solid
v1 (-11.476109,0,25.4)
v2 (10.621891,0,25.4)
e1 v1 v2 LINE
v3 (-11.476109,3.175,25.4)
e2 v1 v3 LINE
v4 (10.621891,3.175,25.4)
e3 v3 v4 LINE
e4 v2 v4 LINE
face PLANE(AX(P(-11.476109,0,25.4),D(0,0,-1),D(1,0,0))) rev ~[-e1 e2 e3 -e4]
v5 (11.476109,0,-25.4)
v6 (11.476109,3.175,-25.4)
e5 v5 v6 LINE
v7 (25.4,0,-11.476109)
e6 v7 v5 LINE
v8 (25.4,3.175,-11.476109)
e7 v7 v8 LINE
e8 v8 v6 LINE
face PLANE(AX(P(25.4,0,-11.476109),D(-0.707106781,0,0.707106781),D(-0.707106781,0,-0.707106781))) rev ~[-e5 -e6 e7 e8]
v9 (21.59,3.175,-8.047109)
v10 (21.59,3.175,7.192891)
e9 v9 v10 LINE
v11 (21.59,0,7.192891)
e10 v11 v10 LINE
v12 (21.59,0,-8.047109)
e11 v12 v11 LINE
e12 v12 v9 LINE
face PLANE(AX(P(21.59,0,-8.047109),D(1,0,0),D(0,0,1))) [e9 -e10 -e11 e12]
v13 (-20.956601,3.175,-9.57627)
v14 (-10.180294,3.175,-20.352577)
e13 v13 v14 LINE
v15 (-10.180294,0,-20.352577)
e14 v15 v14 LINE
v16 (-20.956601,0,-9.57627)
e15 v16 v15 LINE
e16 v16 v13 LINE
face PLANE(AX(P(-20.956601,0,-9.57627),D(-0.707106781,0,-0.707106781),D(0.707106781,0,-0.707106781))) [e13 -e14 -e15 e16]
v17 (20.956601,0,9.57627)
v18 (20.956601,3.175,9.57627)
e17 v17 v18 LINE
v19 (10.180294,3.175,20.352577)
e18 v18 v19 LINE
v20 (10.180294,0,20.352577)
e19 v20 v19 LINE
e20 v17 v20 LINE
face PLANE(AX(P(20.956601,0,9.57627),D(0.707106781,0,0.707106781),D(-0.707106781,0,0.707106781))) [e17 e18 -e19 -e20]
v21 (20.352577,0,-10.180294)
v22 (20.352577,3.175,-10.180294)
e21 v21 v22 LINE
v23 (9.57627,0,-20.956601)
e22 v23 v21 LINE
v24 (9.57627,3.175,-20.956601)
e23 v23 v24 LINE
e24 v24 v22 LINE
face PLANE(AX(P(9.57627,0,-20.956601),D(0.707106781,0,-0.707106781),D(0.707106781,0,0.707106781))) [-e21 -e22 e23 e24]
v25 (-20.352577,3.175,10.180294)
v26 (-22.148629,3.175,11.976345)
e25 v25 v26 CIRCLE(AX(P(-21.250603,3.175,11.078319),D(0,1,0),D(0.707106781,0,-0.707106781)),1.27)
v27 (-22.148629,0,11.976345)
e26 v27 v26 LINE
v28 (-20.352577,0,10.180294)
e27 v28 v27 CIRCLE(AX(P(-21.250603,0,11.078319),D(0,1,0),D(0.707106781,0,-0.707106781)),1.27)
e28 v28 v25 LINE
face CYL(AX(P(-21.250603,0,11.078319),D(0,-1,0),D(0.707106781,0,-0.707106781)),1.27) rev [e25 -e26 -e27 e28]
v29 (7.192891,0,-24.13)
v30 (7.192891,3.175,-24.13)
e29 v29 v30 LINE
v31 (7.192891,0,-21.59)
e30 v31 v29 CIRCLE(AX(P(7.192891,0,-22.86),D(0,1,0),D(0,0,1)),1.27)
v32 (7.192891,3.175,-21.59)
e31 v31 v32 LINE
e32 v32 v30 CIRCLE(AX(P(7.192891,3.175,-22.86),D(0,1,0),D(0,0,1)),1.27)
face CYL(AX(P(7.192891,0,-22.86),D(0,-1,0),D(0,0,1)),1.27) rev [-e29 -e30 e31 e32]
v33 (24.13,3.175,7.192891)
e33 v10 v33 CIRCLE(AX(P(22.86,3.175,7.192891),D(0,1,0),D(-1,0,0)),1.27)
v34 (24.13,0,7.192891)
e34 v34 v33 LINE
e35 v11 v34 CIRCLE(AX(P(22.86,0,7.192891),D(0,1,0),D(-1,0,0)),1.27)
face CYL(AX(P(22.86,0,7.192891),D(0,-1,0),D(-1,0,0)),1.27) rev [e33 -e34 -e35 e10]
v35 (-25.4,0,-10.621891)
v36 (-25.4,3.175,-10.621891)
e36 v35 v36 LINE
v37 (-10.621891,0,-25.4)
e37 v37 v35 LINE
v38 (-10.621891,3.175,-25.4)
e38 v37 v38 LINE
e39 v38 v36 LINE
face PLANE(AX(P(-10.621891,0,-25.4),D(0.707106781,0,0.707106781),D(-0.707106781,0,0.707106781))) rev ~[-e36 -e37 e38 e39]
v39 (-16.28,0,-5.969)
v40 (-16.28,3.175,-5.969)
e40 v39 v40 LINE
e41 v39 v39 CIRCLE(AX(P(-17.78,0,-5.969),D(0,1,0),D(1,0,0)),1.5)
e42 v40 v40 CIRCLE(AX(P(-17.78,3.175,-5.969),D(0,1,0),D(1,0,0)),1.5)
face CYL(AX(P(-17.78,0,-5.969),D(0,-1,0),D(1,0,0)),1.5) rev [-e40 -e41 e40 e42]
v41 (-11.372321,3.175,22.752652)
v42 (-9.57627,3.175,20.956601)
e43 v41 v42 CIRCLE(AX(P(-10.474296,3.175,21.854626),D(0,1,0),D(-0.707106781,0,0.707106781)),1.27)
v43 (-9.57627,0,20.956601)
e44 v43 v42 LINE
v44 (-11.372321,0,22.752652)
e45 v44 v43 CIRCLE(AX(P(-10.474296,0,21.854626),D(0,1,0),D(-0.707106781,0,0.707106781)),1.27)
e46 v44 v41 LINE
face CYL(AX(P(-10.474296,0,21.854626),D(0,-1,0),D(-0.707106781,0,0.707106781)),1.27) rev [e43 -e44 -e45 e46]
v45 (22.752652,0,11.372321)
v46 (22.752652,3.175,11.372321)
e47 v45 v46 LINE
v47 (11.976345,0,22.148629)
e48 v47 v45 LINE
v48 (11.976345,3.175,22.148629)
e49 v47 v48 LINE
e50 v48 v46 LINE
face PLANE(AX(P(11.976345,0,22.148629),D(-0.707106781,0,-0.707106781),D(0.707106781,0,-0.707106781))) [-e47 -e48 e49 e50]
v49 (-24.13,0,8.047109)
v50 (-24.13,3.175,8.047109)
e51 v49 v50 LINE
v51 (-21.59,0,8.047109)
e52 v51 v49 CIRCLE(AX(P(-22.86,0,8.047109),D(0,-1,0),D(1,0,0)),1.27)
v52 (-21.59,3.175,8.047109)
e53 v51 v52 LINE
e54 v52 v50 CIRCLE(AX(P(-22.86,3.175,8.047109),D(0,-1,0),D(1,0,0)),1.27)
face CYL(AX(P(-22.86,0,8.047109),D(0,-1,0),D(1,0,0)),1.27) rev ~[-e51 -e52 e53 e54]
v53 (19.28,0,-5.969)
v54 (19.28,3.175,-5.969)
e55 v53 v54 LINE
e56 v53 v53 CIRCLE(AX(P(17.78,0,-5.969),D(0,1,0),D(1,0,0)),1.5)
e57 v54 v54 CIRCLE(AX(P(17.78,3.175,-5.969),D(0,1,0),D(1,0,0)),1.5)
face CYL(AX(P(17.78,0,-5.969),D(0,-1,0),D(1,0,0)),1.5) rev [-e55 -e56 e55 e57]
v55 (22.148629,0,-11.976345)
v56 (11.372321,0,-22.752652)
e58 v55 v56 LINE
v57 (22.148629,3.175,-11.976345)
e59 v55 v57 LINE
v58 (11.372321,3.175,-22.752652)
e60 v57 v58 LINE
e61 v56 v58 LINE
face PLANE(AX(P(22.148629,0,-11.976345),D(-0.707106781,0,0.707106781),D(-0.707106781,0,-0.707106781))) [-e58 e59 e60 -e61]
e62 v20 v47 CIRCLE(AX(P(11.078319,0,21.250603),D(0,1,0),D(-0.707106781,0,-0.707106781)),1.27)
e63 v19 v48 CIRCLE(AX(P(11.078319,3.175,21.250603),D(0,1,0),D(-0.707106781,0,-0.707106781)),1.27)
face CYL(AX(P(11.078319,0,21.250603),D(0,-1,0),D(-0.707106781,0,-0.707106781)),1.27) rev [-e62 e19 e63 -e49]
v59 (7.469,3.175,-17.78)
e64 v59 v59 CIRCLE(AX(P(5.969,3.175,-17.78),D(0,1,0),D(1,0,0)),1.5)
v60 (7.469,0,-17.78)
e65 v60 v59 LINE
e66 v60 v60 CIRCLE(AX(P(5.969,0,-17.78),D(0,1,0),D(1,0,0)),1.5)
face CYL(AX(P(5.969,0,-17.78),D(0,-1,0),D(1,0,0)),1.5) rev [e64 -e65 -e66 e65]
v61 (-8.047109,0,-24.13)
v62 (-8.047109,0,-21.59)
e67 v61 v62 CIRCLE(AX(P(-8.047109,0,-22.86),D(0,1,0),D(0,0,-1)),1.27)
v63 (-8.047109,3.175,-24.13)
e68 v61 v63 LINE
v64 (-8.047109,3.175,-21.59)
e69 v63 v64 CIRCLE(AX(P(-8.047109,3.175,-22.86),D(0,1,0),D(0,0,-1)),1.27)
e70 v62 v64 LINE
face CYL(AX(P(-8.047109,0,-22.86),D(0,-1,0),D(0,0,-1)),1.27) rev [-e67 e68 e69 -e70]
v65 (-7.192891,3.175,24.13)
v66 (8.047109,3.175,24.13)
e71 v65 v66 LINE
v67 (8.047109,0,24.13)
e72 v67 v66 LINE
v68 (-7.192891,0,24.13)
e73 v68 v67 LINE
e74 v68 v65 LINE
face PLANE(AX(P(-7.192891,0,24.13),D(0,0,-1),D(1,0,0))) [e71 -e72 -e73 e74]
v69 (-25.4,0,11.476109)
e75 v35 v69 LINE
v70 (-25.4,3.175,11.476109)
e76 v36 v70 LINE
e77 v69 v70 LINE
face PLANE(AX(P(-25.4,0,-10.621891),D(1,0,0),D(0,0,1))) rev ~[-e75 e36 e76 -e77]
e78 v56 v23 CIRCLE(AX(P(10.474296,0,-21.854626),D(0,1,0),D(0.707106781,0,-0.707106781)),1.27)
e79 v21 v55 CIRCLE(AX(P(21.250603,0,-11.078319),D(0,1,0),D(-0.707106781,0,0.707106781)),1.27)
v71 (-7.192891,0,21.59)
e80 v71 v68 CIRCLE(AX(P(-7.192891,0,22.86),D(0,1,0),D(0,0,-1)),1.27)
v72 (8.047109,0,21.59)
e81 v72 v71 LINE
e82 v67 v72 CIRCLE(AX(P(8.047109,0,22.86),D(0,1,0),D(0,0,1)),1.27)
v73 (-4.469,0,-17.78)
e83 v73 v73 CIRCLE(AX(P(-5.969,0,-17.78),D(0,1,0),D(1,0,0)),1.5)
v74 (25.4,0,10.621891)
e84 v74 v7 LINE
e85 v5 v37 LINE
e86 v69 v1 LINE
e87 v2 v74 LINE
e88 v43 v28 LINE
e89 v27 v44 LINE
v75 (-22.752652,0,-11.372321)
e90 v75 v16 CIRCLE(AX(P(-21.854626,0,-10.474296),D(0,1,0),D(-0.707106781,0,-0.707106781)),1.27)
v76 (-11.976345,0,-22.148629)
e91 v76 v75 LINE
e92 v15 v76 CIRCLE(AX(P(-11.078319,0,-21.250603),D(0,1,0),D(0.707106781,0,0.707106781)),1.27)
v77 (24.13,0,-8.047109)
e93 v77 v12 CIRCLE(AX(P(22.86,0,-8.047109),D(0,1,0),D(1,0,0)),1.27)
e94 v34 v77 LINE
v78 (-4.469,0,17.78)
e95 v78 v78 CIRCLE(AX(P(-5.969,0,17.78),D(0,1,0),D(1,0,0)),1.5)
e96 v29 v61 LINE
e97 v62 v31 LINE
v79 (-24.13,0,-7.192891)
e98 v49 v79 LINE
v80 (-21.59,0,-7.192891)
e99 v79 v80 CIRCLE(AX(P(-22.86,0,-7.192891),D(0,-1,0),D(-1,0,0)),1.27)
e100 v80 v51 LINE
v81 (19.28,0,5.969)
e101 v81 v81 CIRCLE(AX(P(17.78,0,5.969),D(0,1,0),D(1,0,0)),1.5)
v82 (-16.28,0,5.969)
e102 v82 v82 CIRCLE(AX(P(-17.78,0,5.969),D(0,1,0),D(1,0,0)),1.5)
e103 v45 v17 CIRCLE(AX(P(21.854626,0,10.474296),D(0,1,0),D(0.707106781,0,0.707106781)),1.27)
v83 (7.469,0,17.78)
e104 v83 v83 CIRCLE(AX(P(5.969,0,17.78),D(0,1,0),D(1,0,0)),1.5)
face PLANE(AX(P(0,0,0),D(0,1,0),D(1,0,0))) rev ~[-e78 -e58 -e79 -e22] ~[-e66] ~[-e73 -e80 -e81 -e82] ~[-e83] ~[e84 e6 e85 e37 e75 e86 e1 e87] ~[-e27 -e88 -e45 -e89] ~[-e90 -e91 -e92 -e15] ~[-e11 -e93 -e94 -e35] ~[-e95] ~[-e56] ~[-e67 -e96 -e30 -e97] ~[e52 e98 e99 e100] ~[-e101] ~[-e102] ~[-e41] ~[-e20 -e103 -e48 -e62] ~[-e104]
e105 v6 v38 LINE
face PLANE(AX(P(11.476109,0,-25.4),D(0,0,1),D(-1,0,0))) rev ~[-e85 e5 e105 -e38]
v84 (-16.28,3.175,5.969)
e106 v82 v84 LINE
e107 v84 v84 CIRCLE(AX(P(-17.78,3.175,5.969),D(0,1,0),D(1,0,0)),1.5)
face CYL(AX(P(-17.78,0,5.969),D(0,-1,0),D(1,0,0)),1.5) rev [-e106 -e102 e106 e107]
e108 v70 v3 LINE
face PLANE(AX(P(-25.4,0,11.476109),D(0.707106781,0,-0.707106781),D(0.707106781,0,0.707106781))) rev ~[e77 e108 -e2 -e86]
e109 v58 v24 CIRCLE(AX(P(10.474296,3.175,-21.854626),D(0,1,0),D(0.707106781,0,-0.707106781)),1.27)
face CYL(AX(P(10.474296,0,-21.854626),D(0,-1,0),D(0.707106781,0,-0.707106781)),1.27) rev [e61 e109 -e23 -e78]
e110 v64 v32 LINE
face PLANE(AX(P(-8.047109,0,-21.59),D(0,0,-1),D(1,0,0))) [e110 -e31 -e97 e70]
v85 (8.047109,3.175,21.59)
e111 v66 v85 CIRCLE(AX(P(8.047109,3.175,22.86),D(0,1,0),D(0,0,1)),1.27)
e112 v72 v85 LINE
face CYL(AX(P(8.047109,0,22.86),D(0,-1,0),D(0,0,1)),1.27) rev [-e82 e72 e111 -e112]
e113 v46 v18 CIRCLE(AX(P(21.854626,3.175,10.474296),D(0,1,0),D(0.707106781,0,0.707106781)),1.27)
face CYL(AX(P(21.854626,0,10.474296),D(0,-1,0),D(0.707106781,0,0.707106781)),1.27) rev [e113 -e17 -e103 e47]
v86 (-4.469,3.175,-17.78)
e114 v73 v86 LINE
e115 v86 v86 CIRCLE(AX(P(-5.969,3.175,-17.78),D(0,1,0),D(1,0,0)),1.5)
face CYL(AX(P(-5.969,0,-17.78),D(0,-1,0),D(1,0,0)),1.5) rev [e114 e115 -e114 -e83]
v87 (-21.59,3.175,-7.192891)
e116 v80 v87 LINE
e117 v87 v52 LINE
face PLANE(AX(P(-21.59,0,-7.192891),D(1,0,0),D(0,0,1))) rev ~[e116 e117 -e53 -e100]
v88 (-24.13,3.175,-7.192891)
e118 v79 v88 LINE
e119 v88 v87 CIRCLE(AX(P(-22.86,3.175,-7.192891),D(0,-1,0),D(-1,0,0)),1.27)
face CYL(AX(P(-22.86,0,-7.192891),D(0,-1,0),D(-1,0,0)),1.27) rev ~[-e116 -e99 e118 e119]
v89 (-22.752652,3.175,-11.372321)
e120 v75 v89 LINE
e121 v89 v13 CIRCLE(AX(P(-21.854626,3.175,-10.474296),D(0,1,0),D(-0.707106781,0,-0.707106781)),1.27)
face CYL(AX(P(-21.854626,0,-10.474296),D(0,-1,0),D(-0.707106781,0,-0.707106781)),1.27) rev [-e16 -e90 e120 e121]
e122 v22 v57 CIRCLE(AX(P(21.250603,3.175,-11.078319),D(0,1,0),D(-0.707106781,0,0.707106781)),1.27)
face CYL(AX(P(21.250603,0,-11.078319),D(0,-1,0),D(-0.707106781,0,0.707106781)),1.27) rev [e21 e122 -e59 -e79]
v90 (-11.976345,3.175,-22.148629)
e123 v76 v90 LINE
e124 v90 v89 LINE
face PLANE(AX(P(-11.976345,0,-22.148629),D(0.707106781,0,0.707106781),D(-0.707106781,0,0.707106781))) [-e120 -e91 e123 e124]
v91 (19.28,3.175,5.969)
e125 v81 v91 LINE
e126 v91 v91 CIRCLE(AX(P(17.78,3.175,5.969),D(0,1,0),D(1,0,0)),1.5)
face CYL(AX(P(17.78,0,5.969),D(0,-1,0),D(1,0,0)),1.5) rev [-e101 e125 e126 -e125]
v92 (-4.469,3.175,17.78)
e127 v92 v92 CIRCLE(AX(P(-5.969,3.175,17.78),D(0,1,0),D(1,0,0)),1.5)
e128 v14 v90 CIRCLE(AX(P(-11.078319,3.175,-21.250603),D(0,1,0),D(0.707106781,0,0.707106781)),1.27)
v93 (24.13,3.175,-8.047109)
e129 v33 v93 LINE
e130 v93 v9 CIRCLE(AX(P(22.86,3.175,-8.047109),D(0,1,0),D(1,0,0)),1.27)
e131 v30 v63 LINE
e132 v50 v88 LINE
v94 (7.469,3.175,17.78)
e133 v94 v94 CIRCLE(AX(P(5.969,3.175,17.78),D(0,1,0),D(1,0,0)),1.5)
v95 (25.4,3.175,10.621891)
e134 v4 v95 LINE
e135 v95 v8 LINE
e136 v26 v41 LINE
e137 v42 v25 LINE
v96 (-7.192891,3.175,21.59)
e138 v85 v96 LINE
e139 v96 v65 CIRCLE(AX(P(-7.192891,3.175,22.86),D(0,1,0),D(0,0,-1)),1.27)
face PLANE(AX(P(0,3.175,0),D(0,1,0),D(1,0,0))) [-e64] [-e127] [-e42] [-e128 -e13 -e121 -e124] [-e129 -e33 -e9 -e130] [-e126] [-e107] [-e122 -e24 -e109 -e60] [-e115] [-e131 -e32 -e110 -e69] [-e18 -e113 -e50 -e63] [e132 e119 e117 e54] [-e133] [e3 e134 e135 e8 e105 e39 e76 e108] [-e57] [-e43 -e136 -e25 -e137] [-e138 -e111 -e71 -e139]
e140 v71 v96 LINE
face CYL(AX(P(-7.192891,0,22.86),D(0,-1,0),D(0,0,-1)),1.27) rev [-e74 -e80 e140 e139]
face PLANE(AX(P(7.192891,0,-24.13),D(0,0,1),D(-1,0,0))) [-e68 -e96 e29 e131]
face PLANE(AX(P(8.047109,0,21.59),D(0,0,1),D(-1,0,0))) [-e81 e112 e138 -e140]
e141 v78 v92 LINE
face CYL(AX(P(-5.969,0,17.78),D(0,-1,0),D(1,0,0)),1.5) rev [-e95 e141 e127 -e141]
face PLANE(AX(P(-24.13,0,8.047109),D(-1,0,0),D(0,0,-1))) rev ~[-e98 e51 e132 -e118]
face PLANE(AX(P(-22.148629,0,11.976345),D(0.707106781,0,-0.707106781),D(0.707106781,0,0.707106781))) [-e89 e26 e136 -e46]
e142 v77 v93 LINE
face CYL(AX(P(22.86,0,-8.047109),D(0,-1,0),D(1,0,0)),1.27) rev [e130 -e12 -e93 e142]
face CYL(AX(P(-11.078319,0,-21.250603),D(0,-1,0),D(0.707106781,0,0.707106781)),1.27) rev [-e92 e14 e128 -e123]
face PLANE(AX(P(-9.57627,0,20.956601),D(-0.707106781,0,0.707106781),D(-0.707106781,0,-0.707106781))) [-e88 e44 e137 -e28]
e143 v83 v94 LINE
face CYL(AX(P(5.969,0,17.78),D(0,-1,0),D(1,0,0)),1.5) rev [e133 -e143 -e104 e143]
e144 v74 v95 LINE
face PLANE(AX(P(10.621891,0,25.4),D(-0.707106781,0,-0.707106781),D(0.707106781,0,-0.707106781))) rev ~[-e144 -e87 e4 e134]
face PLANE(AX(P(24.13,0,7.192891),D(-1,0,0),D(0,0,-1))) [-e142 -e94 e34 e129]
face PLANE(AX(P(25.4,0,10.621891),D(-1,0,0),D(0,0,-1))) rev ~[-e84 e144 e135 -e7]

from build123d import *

# Parameters (mm, degrees)
SKETCH1_R           = 1.5
BOSS_EXTRUDE1_DEPTH = 3.175


with BuildPart() as part:
    # Sketch1 → Boss-Extrude1 (new body)
    with BuildSketch(Plane(origin=(0, 0, 0), x_dir=(1, 0, 0), z_dir=(0, 1, 0))):
        Polygon((-25.4, 10.621890813), (-25.4, -11.476109187), (-11.476109187, -25.4), (10.621890813, -25.4), (25.4, -10.621890813), (25.4, 11.476109187), (11.476109187, 25.4), (-10.621890813, 25.4), align=None)
        with Locations((-17.78, 5.969)):
            Circle(SKETCH1_R, mode=Mode.SUBTRACT)
        with Locations((-17.78, -5.969)):
            Circle(SKETCH1_R, mode=Mode.SUBTRACT)
        with Locations((-5.969, 17.78)):
            Circle(SKETCH1_R, mode=Mode.SUBTRACT)
        with Locations((5.969, 17.78)):
            Circle(SKETCH1_R, mode=Mode.SUBTRACT)
        with Locations((17.78, 5.969)):
            Circle(SKETCH1_R, mode=Mode.SUBTRACT)
        with Locations((17.78, -5.969)):
            Circle(SKETCH1_R, mode=Mode.SUBTRACT)
        with Locations((5.969, -17.78)):
            Circle(SKETCH1_R, mode=Mode.SUBTRACT)
        with Locations((-5.969, -17.78)):
            Circle(SKETCH1_R, mode=Mode.SUBTRACT)
        with BuildLine():
            Line((-24.13, -8.047109187), (-24.13, 7.192890813))
            ThreePointArc((-24.13, 7.192890813), (-22.86, 8.462890813), (-21.59, 7.192890813))
            Line((-21.59, 7.192890813), (-21.59, -8.047109187))
            ThreePointArc((-21.59, -8.047109187), (-22.86, -9.317109187), (-24.13, -8.047109187))
        make_face(mode=Mode.SUBTRACT)
        with BuildLine():
            Line((-20.956600881, 9.576269931), (-10.180293536, 20.352577276))
            ThreePointArc((-10.180293536, 20.352577276), (-10.180293536, 22.1486285), (-11.97634476, 22.1486285))
            Line((-11.97634476, 22.1486285), (-22.752652105, 11.372321155))
            ThreePointArc((-22.752652105, 11.372321155), (-22.752652105, 9.576269931), (-20.956600881, 9.576269931))
        make_face(mode=Mode.SUBTRACT)
        with BuildLine():
            Line((-8.047109187, 21.59), (7.192890813, 21.59))
            ThreePointArc((7.192890813, 21.59), (8.462890813, 22.86), (7.192890813, 24.13))
            Line((7.192890813, 24.13), (-8.047109187, 24.13))
            ThreePointArc((-8.047109187, 24.13), (-9.317109187, 22.86), (-8.047109187, 21.59))
        make_face(mode=Mode.SUBTRACT)
        with BuildLine():
            Line((9.576269931, 20.956600881), (20.352577276, 10.180293536))
            ThreePointArc((20.352577276, 10.180293536), (22.1486285, 10.180293536), (22.1486285, 11.97634476))
            Line((22.1486285, 11.97634476), (11.372321155, 22.752652105))
            ThreePointArc((11.372321155, 22.752652105), (9.576269931, 22.752652105), (9.576269931, 20.956600881))
        make_face(mode=Mode.SUBTRACT)
        with BuildLine():
            Line((21.59, 8.047109187), (21.59, -7.192890813))
            ThreePointArc((21.59, -7.192890813), (22.86, -8.462890813), (24.13, -7.192890813))
            Line((24.13, -7.192890813), (24.13, 8.047109187))
            ThreePointArc((24.13, 8.047109187), (22.86, 9.317109187), (21.59, 8.047109187))
        make_face(mode=Mode.SUBTRACT)
        with BuildLine():
            Line((20.956600881, -9.576269931), (10.180293536, -20.352577276))
            ThreePointArc((10.180293536, -20.352577276), (10.180293536, -22.1486285), (11.97634476, -22.1486285))
            Line((11.97634476, -22.1486285), (22.752652105, -11.372321155))
            ThreePointArc((22.752652105, -11.372321155), (22.752652105, -9.576269931), (20.956600881, -9.576269931))
        make_face(mode=Mode.SUBTRACT)
        with BuildLine():
            Line((8.047109187, -21.59), (-7.192890813, -21.59))
            ThreePointArc((-7.192890813, -21.59), (-8.462890813, -22.86), (-7.192890813, -24.13))
            Line((-7.192890813, -24.13), (8.047109187, -24.13))
            ThreePointArc((8.047109187, -24.13), (9.317109187, -22.86), (8.047109187, -21.59))
        make_face(mode=Mode.SUBTRACT)
        with BuildLine():
            Line((-9.576269931, -20.956600881), (-20.352577276, -10.180293536))
            ThreePointArc((-20.352577276, -10.180293536), (-22.1486285, -10.180293536), (-22.1486285, -11.97634476))
            Line((-22.1486285, -11.97634476), (-11.372321155, -22.752652105))
            ThreePointArc((-11.372321155, -22.752652105), (-9.576269931, -22.752652105), (-9.576269931, -20.956600881))
        make_face(mode=Mode.SUBTRACT)
    extrude(amount=BOSS_EXTRUDE1_DEPTH)


solid = part.part
